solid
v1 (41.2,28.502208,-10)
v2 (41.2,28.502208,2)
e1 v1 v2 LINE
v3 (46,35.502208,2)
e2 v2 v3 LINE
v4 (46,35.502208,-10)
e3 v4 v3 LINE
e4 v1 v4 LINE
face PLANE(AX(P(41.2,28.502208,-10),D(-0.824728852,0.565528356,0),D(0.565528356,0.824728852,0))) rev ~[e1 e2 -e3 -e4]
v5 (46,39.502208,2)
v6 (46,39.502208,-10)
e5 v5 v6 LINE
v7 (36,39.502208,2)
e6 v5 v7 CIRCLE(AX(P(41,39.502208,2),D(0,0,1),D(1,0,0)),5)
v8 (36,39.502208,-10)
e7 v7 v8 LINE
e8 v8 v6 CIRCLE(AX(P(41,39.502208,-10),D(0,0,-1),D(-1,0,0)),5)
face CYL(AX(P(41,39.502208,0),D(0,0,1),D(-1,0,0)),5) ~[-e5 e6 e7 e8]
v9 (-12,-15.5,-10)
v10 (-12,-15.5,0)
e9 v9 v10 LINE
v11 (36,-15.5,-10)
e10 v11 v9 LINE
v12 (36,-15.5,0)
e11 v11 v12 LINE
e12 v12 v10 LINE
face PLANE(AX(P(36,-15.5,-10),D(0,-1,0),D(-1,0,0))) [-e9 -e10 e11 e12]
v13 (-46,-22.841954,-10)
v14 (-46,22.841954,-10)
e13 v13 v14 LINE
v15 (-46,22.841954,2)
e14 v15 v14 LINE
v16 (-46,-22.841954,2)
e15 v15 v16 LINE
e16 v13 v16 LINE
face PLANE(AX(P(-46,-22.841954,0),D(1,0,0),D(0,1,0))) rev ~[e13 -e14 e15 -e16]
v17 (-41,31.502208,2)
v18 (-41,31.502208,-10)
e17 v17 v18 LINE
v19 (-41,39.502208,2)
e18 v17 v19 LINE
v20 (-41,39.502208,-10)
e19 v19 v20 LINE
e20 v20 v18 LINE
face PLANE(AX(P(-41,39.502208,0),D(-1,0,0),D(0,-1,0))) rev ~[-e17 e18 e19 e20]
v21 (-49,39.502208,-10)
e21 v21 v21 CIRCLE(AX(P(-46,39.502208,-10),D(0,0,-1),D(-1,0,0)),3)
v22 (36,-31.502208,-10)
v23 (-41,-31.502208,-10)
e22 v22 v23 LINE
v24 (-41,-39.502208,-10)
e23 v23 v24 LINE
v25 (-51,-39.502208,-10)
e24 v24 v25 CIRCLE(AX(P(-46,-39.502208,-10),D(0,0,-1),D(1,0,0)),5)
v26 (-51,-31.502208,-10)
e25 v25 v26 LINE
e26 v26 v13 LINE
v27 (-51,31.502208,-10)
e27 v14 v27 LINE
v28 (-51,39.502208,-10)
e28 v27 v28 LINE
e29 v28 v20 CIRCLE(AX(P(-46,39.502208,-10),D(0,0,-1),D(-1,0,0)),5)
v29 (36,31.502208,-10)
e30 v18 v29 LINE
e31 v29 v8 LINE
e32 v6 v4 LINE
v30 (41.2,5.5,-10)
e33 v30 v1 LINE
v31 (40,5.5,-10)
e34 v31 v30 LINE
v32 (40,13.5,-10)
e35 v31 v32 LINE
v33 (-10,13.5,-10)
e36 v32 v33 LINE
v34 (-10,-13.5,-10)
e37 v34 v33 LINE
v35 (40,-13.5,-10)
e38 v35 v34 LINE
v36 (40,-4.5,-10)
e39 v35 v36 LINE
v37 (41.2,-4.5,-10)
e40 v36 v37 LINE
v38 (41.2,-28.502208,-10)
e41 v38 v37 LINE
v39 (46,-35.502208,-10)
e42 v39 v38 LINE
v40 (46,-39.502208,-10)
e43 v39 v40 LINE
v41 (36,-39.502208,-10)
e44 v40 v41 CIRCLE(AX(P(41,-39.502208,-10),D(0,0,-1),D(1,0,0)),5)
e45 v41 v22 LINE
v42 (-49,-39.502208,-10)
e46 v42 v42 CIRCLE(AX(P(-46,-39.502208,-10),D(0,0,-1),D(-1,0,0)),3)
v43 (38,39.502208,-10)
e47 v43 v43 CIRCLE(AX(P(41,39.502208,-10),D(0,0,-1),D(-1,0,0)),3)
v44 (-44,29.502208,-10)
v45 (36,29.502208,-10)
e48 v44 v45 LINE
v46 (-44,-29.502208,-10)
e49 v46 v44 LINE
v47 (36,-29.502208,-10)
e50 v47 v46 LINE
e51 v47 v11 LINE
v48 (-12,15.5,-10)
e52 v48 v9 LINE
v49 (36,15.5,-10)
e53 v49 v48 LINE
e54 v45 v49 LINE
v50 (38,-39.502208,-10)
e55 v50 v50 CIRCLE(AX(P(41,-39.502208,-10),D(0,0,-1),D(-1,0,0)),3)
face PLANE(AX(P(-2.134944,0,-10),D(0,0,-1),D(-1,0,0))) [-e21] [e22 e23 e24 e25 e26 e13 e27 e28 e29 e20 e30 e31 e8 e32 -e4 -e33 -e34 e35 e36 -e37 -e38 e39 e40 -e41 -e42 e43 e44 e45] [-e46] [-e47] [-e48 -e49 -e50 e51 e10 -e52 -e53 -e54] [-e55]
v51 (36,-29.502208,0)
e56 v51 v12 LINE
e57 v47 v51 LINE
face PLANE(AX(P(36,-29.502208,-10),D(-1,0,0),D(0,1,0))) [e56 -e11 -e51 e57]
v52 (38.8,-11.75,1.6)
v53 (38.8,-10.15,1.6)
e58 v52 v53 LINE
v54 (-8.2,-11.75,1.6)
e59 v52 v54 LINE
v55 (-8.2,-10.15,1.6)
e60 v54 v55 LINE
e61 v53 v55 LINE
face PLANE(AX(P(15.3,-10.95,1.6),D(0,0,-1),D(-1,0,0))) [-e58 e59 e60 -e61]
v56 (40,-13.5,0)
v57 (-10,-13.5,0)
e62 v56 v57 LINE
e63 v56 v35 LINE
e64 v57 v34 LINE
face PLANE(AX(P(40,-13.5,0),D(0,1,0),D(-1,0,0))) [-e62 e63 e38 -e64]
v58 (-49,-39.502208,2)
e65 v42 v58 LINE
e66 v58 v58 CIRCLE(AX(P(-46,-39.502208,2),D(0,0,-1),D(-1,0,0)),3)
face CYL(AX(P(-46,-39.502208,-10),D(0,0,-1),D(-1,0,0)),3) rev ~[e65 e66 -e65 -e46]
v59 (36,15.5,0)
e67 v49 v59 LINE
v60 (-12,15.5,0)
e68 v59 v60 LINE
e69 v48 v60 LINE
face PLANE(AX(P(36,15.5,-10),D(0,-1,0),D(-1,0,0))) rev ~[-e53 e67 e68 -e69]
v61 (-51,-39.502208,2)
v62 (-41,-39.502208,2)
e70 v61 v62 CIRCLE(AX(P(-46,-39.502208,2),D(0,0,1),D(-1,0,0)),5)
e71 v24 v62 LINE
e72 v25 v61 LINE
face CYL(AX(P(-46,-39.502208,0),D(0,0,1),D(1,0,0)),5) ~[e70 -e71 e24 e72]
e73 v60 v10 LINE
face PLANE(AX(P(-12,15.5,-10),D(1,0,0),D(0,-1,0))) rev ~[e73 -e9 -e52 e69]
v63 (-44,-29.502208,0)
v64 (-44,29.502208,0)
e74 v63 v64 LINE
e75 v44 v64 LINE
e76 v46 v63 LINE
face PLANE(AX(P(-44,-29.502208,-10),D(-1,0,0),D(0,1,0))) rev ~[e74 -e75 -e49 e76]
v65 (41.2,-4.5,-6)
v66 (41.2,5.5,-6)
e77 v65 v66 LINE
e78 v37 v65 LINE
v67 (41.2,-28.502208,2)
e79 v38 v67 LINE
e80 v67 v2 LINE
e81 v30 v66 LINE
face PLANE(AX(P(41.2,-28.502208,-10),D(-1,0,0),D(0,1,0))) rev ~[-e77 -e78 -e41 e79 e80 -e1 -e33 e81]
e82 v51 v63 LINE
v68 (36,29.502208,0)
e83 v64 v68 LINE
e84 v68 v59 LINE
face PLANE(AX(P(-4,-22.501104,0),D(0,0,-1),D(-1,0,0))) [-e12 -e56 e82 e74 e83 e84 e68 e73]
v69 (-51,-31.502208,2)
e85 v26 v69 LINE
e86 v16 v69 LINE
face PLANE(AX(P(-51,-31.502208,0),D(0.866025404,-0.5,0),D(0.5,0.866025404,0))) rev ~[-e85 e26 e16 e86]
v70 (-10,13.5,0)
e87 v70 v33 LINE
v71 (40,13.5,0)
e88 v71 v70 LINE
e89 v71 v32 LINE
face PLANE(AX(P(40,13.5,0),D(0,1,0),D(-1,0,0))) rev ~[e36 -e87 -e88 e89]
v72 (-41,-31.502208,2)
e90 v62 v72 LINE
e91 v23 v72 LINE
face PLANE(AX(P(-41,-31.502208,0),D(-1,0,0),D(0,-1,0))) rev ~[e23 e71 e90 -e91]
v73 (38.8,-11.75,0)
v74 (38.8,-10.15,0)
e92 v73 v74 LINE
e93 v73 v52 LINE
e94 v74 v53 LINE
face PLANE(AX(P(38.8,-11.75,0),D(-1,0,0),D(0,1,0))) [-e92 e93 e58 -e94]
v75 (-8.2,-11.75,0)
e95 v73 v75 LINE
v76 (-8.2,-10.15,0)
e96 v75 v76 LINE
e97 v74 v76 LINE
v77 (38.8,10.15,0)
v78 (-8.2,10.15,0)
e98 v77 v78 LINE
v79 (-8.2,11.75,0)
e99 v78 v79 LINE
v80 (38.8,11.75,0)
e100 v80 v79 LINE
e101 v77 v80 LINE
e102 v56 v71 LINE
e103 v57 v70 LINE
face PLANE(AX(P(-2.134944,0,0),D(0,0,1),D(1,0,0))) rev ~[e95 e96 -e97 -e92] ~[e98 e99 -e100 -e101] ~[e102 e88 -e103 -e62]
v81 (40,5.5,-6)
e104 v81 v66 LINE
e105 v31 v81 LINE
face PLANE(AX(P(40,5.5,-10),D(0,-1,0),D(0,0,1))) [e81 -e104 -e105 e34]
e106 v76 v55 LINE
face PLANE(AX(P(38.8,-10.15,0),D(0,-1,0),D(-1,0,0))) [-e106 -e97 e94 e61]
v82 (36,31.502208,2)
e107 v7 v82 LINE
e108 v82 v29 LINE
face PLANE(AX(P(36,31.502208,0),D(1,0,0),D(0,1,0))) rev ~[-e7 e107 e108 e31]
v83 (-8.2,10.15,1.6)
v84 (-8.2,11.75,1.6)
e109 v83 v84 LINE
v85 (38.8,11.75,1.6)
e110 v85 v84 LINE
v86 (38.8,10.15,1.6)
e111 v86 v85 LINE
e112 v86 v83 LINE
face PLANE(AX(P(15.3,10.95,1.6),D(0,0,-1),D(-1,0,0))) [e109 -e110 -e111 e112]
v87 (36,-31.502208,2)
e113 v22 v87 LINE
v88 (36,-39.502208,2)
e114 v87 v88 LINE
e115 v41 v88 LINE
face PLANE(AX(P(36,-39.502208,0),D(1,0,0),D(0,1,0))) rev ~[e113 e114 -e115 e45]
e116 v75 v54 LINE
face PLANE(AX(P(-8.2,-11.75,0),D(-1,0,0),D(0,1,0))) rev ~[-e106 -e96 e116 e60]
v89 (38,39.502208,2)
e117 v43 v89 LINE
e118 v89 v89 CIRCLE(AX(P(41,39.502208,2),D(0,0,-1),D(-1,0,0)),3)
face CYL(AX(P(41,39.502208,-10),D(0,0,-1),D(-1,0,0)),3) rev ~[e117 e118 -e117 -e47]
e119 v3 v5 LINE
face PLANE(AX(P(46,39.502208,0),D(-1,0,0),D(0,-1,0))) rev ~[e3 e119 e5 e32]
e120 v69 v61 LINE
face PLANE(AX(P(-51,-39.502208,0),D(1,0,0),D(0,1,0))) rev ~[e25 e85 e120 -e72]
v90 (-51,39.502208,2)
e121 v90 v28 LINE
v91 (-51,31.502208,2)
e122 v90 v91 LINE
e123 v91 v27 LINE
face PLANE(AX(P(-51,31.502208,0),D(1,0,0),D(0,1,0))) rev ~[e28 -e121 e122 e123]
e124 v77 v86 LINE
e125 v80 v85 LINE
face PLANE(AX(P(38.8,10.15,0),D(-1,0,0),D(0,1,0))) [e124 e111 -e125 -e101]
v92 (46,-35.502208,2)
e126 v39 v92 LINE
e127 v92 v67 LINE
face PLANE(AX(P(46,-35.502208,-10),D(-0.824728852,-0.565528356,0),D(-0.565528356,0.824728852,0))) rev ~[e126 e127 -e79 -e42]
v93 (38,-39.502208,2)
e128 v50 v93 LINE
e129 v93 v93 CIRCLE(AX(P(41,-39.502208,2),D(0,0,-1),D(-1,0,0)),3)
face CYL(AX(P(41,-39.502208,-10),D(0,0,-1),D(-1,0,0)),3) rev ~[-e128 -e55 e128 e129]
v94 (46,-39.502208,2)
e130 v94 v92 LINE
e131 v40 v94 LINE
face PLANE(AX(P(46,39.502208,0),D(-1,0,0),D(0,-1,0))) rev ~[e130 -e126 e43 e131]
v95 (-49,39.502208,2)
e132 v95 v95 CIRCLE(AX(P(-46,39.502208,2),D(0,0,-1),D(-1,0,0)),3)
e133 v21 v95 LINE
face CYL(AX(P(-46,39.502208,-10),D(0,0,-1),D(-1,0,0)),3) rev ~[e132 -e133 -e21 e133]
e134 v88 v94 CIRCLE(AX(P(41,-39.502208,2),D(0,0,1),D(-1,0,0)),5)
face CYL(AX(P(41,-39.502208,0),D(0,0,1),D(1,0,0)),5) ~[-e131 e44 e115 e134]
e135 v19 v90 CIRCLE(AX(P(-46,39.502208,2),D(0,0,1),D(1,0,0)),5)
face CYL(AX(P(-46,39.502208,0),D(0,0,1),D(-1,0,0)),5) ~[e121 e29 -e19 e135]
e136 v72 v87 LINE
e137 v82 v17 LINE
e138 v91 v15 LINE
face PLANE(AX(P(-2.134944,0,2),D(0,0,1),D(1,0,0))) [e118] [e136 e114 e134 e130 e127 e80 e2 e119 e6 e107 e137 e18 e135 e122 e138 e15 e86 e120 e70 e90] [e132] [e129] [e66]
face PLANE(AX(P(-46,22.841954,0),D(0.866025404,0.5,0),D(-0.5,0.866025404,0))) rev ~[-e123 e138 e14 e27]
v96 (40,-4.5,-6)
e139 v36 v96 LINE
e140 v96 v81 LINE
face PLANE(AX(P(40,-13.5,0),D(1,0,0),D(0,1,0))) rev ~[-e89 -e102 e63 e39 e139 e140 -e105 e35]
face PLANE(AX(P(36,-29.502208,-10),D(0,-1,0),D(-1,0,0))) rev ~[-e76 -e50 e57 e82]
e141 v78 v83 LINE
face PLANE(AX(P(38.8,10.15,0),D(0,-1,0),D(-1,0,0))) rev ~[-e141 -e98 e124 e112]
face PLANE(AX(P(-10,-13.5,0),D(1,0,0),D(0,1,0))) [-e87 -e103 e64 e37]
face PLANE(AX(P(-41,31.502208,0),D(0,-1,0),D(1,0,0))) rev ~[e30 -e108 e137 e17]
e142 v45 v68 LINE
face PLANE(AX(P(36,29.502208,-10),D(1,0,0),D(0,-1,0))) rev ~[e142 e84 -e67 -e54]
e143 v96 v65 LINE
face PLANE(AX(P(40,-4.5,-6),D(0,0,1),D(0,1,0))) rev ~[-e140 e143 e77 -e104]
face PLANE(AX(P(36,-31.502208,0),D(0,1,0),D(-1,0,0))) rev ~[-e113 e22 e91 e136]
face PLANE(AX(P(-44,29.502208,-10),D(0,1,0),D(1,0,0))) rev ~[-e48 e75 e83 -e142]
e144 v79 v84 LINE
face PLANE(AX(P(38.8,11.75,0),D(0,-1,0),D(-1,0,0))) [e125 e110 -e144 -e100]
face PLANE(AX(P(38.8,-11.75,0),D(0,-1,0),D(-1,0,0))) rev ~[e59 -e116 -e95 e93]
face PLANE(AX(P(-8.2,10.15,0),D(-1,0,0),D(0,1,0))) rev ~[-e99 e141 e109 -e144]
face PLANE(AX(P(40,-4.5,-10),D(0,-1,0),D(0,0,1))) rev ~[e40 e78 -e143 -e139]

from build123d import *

# Parameters (mm, degrees)
EXTRUDE_1_DEPTH     = 2
SKETCH_2_W          = 50
SKETCH_2_H          = 27
EXTRUDE_2_DEPTH     = 10
SKETCH_3_R          = 3
CUT_EXTRUDE_1_DEPTH = 13
SKETCH_5_W          = 47
SKETCH_5_H          = 1.6
CUT_EXTRUDE_2_DEPTH = 1.6
SKETCH_6_W          = 4
SKETCH_6_H          = 10
CUT_EXTRUDE_3_DEPTH = 7
SKETCH_7_W          = 80
SKETCH_7_H          = 14.002207555
CUT_EXTRUDE_4_DEPTH = 10
CUT_EXTRUDE_5_REACH = 14


with BuildPart() as part:
    # 草图1 → 凸台-拉伸1 (new body)
    with BuildSketch(Plane.XY):
        with BuildLine():
            Line((-46, 22.841953517), (-46, -22.841953517))
            Line((-46, -22.841953517), (-51, -31.502207555))
            Line((-51, -31.502207555), (-51, -39.502207555))
            ThreePointArc((-51, -39.502207555), (-46, -44.502207555), (-41, -39.502207555))
            Line((-41, -39.502207555), (-41, -31.502207555))
            Line((-41, -31.502207555), (36, -31.502207555))
            Line((36, -31.502207555), (36, -39.502207555))
            ThreePointArc((36, -39.502207555), (41, -44.502207555), (46, -39.502207555))
            Line((46, -39.502207555), (46, 39.502207555))
            ThreePointArc((46, 39.502207555), (41, 44.502207555), (36, 39.502207555))
            Line((36, 39.502207555), (36, 31.502207555))
            Line((36, 31.502207555), (-41, 31.502207555))
            Line((-41, 31.502207555), (-41, 39.502207555))
            ThreePointArc((-41, 39.502207555), (-46, 44.502207555), (-51, 39.502207555))
            Line((-51, 39.502207555), (-51, 31.502207555))
            Line((-51, 31.502207555), (-46, 22.841953517))
        make_face()
    extrude(amount=EXTRUDE_1_DEPTH)

    # 草图2 → 凸台-拉伸2 (add)
    with BuildSketch(Plane(origin=(0, 0, 0), x_dir=(-1, 0, 0), z_dir=(0, 0, -1))):
        with BuildLine():
            Line((46, -22.841953517), (46, 22.841953517))
            Line((46, 22.841953517), (51, 31.502207555))
            Line((51, 31.502207555), (51, 39.502207555))
            ThreePointArc((51, 39.502207555), (46, 44.502207555), (41, 39.502207555))
            Line((41, 39.502207555), (41, 31.502207555))
            Line((41, 31.502207555), (-36, 31.502207555))
            Line((-36, 31.502207555), (-36, 39.502207555))
            ThreePointArc((-36, 39.502207555), (-41, 44.502207555), (-46, 39.502207555))
            Line((-46, 39.502207555), (-46, -39.502207555))
            ThreePointArc((-46, -39.502207555), (-41, -44.502207555), (-36, -39.502207555))
            Line((-36, -39.502207555), (-36, -31.502207555))
            Line((-36, -31.502207555), (41, -31.502207555))
            Line((41, -31.502207555), (41, -39.502207555))
            ThreePointArc((41, -39.502207555), (46, -44.502207555), (51, -39.502207555))
            Line((51, -39.502207555), (51, -31.502207555))
            Line((51, -31.502207555), (46, -22.841953517))
        make_face()
        with Locations((-15, 0)):
            Rectangle(SKETCH_2_W, SKETCH_2_H, mode=Mode.SUBTRACT)
    extrude(amount=EXTRUDE_2_DEPTH)

    # 草图3 → 切除-拉伸1 (cut, through all)
    with BuildSketch(Plane(origin=(0, 0, -10), x_dir=(-1, 0, 0), z_dir=(0, 0, -1))):
        with Locations((-41, 39.502207555)):
            Circle(SKETCH_3_R)
        with Locations((46, -39.502207555)):
            Circle(SKETCH_3_R)
        with Locations((46, 39.502207555)):
            Circle(SKETCH_3_R)
        with Locations((-41, -39.502207555)):
            Circle(SKETCH_3_R)
    extrude(amount=-CUT_EXTRUDE_1_DEPTH, mode=Mode.SUBTRACT)

    # 草图5 → 切除-拉伸2 (cut)
    with BuildSketch(Plane(origin=(0, 0, 0), x_dir=(-1, 0, 0), z_dir=(0, 0, -1))):
        with Locations((-15.3, 10.95)):
            Rectangle(SKETCH_5_W, SKETCH_5_H)
        with Locations((-15.3, -10.95)):
            Rectangle(SKETCH_5_W, SKETCH_5_H)
    extrude(amount=-CUT_EXTRUDE_2_DEPTH, mode=Mode.SUBTRACT)

    # 草图6 → 切除-拉伸3 (cut, through all)
    with BuildSketch(Plane.ZY.offset(-40)):
        with Locations((-8, 0.5)):
            Rectangle(SKETCH_6_W, SKETCH_6_H)
    extrude(amount=-CUT_EXTRUDE_3_DEPTH, mode=Mode.SUBTRACT)

    # 草图7 → 切除-拉伸4 (cut)
    with BuildSketch(Plane(origin=(0, 0, -10), x_dir=(-1, 0, 0), z_dir=(0, 0, -1))):
        with Locations((4, -22.501103778)):
            Rectangle(SKETCH_7_W, SKETCH_7_H)
        Polygon((12, -15.5), (44, -15.5), (44, 29.502207555), (-36, 29.502207555), (-36, 15.5), (12, 15.5), align=None)
    extrude(amount=-CUT_EXTRUDE_4_DEPTH, mode=Mode.SUBTRACT)

    # 草图9 → 切除-拉伸5 (cut, up to next)
    with BuildSketch(Plane(origin=(0, 0, -10), x_dir=(-1, 0, 0), z_dir=(0, 0, -1)), mode=Mode.PRIVATE) as cut_extrude_5_sk1:
        Polygon((-46, -35.502207555), (-41.2, -28.502207555), (-41.2, 28.502207555), (-46, 35.502207555), align=None)
    cut_extrude_5_tool1 = extrude(cut_extrude_5_sk1.sketch, amount=-CUT_EXTRUDE_5_REACH, mode=Mode.PRIVATE) & part.part
    add(cut_extrude_5_tool1.solids().sort_by_distance((43.687494, 0, -10))[0], mode=Mode.SUBTRACT)


solid = part.part
